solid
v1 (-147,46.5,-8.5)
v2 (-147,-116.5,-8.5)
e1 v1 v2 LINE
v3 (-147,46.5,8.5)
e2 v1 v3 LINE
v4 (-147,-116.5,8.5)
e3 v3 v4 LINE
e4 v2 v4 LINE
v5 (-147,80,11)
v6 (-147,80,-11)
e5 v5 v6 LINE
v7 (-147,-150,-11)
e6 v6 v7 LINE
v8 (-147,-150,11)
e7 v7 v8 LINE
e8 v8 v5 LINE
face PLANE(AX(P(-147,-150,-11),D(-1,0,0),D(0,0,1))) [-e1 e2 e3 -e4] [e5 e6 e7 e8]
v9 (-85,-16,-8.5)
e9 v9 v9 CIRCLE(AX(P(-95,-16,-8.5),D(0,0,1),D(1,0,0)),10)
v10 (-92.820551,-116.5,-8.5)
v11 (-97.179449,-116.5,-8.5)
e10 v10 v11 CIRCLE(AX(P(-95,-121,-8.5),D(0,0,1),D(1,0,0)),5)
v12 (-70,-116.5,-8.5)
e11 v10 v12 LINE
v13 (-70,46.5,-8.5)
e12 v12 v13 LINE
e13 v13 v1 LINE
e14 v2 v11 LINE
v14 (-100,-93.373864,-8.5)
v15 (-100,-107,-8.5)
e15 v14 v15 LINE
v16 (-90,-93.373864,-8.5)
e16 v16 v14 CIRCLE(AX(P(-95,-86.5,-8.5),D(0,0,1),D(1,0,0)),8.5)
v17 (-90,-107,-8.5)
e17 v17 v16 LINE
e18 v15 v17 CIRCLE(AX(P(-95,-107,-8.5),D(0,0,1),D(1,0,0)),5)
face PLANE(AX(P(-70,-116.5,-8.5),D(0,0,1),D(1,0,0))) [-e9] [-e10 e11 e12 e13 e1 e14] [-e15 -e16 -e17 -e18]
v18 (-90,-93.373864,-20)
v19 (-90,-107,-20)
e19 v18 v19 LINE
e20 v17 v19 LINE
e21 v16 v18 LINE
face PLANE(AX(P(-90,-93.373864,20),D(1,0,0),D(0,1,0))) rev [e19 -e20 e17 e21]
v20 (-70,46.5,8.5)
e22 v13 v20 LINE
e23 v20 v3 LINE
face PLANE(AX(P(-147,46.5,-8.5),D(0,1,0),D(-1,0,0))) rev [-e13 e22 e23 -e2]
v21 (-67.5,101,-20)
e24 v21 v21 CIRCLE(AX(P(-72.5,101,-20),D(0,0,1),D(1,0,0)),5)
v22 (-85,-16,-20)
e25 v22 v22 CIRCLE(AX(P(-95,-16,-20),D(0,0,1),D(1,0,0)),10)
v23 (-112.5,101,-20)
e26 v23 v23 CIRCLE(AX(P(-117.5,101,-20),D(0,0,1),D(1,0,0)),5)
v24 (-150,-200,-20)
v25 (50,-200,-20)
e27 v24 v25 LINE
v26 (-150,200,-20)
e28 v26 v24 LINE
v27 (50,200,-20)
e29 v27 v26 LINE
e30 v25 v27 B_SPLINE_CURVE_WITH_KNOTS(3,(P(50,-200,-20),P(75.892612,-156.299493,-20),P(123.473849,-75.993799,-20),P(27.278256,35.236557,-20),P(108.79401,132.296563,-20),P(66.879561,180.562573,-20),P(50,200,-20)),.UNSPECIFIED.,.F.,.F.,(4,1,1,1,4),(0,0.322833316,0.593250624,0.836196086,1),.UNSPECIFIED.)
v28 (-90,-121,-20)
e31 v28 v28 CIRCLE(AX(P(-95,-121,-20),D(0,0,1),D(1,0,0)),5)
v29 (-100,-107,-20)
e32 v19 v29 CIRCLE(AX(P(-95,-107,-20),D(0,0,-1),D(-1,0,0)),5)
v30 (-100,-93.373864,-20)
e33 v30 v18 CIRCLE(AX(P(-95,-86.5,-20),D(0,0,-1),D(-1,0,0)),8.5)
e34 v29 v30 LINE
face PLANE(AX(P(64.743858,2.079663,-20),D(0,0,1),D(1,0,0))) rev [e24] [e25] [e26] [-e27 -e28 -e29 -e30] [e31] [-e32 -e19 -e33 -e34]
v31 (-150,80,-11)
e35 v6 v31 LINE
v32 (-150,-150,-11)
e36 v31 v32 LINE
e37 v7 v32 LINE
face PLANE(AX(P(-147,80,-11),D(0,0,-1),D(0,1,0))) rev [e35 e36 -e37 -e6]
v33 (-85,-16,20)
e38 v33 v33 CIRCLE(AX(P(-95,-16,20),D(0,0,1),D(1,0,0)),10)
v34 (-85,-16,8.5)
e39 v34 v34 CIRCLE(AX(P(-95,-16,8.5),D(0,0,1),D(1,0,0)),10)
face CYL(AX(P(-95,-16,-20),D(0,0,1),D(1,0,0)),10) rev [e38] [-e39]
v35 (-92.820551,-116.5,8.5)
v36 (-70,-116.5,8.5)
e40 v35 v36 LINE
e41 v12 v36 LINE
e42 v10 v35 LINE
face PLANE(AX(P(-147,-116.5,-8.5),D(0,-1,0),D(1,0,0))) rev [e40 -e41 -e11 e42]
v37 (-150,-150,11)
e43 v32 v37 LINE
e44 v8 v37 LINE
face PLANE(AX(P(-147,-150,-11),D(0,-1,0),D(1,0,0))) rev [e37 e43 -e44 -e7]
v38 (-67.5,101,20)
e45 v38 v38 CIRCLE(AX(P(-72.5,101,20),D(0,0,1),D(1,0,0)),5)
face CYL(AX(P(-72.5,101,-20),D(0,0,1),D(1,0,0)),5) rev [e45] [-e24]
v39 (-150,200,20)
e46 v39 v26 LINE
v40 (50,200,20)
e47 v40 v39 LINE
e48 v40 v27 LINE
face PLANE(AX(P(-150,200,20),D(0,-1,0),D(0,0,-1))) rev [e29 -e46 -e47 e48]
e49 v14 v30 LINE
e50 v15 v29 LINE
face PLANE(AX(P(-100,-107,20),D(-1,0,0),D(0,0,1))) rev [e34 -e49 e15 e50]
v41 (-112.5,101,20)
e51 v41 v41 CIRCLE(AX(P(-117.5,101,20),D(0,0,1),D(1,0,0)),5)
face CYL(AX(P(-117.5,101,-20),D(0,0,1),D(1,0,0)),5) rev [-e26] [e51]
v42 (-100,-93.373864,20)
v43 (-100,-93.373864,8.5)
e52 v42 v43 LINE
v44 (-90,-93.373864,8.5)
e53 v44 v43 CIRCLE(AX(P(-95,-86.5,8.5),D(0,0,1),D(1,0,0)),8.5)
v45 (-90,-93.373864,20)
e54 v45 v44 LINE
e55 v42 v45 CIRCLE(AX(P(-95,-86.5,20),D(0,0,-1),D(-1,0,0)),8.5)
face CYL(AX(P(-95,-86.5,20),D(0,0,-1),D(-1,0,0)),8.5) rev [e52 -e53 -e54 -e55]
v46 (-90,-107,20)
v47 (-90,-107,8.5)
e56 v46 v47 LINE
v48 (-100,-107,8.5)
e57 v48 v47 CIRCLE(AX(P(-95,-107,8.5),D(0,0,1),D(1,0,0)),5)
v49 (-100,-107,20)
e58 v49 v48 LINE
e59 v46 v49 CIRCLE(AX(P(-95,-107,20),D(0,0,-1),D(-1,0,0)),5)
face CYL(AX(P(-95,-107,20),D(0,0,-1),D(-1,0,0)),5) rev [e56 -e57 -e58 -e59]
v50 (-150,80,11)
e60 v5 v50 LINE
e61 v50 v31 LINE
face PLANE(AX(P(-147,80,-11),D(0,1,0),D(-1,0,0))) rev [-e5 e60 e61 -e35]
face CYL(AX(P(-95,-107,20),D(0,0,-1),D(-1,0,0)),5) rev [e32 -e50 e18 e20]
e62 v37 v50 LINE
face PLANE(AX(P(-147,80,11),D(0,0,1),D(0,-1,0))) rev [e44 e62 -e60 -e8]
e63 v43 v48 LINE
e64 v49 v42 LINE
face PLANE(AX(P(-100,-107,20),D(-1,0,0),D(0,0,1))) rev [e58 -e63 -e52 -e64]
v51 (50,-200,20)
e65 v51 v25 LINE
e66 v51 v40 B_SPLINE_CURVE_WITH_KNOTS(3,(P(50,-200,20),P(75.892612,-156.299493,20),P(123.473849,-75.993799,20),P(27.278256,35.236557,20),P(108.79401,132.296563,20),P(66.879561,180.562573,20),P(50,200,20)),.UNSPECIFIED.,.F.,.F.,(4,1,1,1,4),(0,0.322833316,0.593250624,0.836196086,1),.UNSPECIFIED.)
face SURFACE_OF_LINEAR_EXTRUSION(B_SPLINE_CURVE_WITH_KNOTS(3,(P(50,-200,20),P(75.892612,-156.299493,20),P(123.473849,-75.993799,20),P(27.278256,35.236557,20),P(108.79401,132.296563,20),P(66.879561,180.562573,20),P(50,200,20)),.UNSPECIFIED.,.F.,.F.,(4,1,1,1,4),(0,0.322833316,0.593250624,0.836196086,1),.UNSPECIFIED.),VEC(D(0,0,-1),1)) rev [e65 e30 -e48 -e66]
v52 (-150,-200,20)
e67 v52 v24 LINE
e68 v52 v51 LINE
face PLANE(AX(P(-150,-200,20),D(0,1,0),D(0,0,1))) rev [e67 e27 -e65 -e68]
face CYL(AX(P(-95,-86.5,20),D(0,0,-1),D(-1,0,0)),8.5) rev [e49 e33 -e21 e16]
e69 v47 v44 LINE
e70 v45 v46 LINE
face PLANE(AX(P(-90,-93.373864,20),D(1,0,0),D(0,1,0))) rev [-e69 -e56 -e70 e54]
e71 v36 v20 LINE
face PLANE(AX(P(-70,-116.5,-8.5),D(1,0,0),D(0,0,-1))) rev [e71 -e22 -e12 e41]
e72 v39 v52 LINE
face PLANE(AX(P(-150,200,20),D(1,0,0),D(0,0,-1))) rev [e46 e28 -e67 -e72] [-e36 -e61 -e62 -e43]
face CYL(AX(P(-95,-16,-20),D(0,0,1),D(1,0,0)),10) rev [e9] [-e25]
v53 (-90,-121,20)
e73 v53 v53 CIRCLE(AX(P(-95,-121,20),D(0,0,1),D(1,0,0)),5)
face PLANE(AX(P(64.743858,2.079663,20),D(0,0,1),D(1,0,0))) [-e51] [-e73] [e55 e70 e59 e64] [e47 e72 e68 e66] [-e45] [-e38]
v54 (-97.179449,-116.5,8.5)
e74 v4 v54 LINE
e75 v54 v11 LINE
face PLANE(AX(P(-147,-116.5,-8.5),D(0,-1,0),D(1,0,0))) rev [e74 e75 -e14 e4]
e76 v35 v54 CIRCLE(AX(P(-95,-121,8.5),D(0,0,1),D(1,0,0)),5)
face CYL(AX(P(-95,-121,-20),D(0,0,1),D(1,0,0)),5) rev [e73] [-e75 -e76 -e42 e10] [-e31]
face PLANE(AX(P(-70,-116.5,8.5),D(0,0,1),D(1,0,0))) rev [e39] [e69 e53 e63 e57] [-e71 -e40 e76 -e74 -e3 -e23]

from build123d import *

# Parameters (mm, degrees)
EXTRUSION1_DEPTH        = 20
ESQUISSE2_W             = 22
ESQUISSE2_H             = 230
ENL_V_MAT_EXTRU_1_DEPTH = 3
ESQUISSE3_W             = 163
ESQUISSE3_H             = 77
ENL_V_MAT_EXTRU_2_DEPTH = 8.5
ESQUISSE4_R             = 10
ESQUISSE4_R_2           = 5
ENL_V_MAT_EXTRU_3_DEPTH = 41.0000001
ENL_V_MAT_EXTRU_4_DEPTH = 41.0000001


with BuildPart() as part:
    # Esquisse1 → Extrusion1 (new body, symmetric)
    with BuildSketch(Plane.XY):
        with BuildLine():
            Line((-150, 200), (50, 200))
            add(Edge.make_bspline(
                [(50, 200), (66.879560662, 180.562572919), (108.794009551, 132.296562907), (27.278256401, 35.236557066), (123.473848535, -75.99379889), (75.892612143, -156.299492504), (50, -200)],
                knots=[0, 0, 0, 0, 0.163803914, 0.406749376, 0.677166684, 1, 1, 1, 1], degree=3))
            Line((50, -200), (-150, -200))
            Line((-150, -200), (-150, 200))
        make_face()
    extrude(amount=EXTRUSION1_DEPTH, both=True)

    # Esquisse2 → Enlèv. mat.-Extru.1 (cut)
    with BuildSketch(Plane.ZY.offset(150)):
        with Locations((0, -35)):
            Rectangle(ESQUISSE2_W, ESQUISSE2_H)
    extrude(amount=-ENL_V_MAT_EXTRU_1_DEPTH, mode=Mode.SUBTRACT)

    # Esquisse3 → Enlèv. mat.-Extru.2 (cut, symmetric)
    with BuildSketch(Plane(origin=(37.152504758, -36.321343777, 0), x_dir=(0, 1, 0), z_dir=(0, 0, 1))):
        with Locations((1.321343777, 145.652504758)):
            Rectangle(ESQUISSE3_W, ESQUISSE3_H)
    extrude(amount=ENL_V_MAT_EXTRU_2_DEPTH, both=True, mode=Mode.SUBTRACT)

    # Esquisse4 → Enlèv. mat.-Extru.3 (cut, through all)
    with BuildSketch(Plane.XY.offset(20)):
        with Locations((-95, -16)):
            Circle(ESQUISSE4_R)
        with Locations((-117.5, 101)):
            Circle(ESQUISSE4_R_2)
        with Locations((-95, -121)):
            Circle(ESQUISSE4_R_2)
        with Locations((-72.5, 101)):
            Circle(ESQUISSE4_R_2)
    extrude(amount=-ENL_V_MAT_EXTRU_3_DEPTH, mode=Mode.SUBTRACT)

    # Esquisse5 → Enlèv. mat.-Extru.4 (cut, through all)
    with BuildSketch(Plane(origin=(0, 0, -20), x_dir=(-1, 0, 0), z_dir=(0, 0, -1))):
        with BuildLine():
            Line((90, -93.373863542), (90, -107))
            ThreePointArc((90, -107), (95, -112), (100, -107))
            Line((100, -107), (100, -93.373863542))
            ThreePointArc((100, -93.373863542), (102.717833431, -82.93839262), (93.013889057, -78.235294118))
            ThreePointArc((93.013889057, -78.235294118), (86.663603441, -84.840333643), (90, -93.373863542))
        make_face()
    extrude(amount=-ENL_V_MAT_EXTRU_4_DEPTH, mode=Mode.SUBTRACT)


solid = part.part
